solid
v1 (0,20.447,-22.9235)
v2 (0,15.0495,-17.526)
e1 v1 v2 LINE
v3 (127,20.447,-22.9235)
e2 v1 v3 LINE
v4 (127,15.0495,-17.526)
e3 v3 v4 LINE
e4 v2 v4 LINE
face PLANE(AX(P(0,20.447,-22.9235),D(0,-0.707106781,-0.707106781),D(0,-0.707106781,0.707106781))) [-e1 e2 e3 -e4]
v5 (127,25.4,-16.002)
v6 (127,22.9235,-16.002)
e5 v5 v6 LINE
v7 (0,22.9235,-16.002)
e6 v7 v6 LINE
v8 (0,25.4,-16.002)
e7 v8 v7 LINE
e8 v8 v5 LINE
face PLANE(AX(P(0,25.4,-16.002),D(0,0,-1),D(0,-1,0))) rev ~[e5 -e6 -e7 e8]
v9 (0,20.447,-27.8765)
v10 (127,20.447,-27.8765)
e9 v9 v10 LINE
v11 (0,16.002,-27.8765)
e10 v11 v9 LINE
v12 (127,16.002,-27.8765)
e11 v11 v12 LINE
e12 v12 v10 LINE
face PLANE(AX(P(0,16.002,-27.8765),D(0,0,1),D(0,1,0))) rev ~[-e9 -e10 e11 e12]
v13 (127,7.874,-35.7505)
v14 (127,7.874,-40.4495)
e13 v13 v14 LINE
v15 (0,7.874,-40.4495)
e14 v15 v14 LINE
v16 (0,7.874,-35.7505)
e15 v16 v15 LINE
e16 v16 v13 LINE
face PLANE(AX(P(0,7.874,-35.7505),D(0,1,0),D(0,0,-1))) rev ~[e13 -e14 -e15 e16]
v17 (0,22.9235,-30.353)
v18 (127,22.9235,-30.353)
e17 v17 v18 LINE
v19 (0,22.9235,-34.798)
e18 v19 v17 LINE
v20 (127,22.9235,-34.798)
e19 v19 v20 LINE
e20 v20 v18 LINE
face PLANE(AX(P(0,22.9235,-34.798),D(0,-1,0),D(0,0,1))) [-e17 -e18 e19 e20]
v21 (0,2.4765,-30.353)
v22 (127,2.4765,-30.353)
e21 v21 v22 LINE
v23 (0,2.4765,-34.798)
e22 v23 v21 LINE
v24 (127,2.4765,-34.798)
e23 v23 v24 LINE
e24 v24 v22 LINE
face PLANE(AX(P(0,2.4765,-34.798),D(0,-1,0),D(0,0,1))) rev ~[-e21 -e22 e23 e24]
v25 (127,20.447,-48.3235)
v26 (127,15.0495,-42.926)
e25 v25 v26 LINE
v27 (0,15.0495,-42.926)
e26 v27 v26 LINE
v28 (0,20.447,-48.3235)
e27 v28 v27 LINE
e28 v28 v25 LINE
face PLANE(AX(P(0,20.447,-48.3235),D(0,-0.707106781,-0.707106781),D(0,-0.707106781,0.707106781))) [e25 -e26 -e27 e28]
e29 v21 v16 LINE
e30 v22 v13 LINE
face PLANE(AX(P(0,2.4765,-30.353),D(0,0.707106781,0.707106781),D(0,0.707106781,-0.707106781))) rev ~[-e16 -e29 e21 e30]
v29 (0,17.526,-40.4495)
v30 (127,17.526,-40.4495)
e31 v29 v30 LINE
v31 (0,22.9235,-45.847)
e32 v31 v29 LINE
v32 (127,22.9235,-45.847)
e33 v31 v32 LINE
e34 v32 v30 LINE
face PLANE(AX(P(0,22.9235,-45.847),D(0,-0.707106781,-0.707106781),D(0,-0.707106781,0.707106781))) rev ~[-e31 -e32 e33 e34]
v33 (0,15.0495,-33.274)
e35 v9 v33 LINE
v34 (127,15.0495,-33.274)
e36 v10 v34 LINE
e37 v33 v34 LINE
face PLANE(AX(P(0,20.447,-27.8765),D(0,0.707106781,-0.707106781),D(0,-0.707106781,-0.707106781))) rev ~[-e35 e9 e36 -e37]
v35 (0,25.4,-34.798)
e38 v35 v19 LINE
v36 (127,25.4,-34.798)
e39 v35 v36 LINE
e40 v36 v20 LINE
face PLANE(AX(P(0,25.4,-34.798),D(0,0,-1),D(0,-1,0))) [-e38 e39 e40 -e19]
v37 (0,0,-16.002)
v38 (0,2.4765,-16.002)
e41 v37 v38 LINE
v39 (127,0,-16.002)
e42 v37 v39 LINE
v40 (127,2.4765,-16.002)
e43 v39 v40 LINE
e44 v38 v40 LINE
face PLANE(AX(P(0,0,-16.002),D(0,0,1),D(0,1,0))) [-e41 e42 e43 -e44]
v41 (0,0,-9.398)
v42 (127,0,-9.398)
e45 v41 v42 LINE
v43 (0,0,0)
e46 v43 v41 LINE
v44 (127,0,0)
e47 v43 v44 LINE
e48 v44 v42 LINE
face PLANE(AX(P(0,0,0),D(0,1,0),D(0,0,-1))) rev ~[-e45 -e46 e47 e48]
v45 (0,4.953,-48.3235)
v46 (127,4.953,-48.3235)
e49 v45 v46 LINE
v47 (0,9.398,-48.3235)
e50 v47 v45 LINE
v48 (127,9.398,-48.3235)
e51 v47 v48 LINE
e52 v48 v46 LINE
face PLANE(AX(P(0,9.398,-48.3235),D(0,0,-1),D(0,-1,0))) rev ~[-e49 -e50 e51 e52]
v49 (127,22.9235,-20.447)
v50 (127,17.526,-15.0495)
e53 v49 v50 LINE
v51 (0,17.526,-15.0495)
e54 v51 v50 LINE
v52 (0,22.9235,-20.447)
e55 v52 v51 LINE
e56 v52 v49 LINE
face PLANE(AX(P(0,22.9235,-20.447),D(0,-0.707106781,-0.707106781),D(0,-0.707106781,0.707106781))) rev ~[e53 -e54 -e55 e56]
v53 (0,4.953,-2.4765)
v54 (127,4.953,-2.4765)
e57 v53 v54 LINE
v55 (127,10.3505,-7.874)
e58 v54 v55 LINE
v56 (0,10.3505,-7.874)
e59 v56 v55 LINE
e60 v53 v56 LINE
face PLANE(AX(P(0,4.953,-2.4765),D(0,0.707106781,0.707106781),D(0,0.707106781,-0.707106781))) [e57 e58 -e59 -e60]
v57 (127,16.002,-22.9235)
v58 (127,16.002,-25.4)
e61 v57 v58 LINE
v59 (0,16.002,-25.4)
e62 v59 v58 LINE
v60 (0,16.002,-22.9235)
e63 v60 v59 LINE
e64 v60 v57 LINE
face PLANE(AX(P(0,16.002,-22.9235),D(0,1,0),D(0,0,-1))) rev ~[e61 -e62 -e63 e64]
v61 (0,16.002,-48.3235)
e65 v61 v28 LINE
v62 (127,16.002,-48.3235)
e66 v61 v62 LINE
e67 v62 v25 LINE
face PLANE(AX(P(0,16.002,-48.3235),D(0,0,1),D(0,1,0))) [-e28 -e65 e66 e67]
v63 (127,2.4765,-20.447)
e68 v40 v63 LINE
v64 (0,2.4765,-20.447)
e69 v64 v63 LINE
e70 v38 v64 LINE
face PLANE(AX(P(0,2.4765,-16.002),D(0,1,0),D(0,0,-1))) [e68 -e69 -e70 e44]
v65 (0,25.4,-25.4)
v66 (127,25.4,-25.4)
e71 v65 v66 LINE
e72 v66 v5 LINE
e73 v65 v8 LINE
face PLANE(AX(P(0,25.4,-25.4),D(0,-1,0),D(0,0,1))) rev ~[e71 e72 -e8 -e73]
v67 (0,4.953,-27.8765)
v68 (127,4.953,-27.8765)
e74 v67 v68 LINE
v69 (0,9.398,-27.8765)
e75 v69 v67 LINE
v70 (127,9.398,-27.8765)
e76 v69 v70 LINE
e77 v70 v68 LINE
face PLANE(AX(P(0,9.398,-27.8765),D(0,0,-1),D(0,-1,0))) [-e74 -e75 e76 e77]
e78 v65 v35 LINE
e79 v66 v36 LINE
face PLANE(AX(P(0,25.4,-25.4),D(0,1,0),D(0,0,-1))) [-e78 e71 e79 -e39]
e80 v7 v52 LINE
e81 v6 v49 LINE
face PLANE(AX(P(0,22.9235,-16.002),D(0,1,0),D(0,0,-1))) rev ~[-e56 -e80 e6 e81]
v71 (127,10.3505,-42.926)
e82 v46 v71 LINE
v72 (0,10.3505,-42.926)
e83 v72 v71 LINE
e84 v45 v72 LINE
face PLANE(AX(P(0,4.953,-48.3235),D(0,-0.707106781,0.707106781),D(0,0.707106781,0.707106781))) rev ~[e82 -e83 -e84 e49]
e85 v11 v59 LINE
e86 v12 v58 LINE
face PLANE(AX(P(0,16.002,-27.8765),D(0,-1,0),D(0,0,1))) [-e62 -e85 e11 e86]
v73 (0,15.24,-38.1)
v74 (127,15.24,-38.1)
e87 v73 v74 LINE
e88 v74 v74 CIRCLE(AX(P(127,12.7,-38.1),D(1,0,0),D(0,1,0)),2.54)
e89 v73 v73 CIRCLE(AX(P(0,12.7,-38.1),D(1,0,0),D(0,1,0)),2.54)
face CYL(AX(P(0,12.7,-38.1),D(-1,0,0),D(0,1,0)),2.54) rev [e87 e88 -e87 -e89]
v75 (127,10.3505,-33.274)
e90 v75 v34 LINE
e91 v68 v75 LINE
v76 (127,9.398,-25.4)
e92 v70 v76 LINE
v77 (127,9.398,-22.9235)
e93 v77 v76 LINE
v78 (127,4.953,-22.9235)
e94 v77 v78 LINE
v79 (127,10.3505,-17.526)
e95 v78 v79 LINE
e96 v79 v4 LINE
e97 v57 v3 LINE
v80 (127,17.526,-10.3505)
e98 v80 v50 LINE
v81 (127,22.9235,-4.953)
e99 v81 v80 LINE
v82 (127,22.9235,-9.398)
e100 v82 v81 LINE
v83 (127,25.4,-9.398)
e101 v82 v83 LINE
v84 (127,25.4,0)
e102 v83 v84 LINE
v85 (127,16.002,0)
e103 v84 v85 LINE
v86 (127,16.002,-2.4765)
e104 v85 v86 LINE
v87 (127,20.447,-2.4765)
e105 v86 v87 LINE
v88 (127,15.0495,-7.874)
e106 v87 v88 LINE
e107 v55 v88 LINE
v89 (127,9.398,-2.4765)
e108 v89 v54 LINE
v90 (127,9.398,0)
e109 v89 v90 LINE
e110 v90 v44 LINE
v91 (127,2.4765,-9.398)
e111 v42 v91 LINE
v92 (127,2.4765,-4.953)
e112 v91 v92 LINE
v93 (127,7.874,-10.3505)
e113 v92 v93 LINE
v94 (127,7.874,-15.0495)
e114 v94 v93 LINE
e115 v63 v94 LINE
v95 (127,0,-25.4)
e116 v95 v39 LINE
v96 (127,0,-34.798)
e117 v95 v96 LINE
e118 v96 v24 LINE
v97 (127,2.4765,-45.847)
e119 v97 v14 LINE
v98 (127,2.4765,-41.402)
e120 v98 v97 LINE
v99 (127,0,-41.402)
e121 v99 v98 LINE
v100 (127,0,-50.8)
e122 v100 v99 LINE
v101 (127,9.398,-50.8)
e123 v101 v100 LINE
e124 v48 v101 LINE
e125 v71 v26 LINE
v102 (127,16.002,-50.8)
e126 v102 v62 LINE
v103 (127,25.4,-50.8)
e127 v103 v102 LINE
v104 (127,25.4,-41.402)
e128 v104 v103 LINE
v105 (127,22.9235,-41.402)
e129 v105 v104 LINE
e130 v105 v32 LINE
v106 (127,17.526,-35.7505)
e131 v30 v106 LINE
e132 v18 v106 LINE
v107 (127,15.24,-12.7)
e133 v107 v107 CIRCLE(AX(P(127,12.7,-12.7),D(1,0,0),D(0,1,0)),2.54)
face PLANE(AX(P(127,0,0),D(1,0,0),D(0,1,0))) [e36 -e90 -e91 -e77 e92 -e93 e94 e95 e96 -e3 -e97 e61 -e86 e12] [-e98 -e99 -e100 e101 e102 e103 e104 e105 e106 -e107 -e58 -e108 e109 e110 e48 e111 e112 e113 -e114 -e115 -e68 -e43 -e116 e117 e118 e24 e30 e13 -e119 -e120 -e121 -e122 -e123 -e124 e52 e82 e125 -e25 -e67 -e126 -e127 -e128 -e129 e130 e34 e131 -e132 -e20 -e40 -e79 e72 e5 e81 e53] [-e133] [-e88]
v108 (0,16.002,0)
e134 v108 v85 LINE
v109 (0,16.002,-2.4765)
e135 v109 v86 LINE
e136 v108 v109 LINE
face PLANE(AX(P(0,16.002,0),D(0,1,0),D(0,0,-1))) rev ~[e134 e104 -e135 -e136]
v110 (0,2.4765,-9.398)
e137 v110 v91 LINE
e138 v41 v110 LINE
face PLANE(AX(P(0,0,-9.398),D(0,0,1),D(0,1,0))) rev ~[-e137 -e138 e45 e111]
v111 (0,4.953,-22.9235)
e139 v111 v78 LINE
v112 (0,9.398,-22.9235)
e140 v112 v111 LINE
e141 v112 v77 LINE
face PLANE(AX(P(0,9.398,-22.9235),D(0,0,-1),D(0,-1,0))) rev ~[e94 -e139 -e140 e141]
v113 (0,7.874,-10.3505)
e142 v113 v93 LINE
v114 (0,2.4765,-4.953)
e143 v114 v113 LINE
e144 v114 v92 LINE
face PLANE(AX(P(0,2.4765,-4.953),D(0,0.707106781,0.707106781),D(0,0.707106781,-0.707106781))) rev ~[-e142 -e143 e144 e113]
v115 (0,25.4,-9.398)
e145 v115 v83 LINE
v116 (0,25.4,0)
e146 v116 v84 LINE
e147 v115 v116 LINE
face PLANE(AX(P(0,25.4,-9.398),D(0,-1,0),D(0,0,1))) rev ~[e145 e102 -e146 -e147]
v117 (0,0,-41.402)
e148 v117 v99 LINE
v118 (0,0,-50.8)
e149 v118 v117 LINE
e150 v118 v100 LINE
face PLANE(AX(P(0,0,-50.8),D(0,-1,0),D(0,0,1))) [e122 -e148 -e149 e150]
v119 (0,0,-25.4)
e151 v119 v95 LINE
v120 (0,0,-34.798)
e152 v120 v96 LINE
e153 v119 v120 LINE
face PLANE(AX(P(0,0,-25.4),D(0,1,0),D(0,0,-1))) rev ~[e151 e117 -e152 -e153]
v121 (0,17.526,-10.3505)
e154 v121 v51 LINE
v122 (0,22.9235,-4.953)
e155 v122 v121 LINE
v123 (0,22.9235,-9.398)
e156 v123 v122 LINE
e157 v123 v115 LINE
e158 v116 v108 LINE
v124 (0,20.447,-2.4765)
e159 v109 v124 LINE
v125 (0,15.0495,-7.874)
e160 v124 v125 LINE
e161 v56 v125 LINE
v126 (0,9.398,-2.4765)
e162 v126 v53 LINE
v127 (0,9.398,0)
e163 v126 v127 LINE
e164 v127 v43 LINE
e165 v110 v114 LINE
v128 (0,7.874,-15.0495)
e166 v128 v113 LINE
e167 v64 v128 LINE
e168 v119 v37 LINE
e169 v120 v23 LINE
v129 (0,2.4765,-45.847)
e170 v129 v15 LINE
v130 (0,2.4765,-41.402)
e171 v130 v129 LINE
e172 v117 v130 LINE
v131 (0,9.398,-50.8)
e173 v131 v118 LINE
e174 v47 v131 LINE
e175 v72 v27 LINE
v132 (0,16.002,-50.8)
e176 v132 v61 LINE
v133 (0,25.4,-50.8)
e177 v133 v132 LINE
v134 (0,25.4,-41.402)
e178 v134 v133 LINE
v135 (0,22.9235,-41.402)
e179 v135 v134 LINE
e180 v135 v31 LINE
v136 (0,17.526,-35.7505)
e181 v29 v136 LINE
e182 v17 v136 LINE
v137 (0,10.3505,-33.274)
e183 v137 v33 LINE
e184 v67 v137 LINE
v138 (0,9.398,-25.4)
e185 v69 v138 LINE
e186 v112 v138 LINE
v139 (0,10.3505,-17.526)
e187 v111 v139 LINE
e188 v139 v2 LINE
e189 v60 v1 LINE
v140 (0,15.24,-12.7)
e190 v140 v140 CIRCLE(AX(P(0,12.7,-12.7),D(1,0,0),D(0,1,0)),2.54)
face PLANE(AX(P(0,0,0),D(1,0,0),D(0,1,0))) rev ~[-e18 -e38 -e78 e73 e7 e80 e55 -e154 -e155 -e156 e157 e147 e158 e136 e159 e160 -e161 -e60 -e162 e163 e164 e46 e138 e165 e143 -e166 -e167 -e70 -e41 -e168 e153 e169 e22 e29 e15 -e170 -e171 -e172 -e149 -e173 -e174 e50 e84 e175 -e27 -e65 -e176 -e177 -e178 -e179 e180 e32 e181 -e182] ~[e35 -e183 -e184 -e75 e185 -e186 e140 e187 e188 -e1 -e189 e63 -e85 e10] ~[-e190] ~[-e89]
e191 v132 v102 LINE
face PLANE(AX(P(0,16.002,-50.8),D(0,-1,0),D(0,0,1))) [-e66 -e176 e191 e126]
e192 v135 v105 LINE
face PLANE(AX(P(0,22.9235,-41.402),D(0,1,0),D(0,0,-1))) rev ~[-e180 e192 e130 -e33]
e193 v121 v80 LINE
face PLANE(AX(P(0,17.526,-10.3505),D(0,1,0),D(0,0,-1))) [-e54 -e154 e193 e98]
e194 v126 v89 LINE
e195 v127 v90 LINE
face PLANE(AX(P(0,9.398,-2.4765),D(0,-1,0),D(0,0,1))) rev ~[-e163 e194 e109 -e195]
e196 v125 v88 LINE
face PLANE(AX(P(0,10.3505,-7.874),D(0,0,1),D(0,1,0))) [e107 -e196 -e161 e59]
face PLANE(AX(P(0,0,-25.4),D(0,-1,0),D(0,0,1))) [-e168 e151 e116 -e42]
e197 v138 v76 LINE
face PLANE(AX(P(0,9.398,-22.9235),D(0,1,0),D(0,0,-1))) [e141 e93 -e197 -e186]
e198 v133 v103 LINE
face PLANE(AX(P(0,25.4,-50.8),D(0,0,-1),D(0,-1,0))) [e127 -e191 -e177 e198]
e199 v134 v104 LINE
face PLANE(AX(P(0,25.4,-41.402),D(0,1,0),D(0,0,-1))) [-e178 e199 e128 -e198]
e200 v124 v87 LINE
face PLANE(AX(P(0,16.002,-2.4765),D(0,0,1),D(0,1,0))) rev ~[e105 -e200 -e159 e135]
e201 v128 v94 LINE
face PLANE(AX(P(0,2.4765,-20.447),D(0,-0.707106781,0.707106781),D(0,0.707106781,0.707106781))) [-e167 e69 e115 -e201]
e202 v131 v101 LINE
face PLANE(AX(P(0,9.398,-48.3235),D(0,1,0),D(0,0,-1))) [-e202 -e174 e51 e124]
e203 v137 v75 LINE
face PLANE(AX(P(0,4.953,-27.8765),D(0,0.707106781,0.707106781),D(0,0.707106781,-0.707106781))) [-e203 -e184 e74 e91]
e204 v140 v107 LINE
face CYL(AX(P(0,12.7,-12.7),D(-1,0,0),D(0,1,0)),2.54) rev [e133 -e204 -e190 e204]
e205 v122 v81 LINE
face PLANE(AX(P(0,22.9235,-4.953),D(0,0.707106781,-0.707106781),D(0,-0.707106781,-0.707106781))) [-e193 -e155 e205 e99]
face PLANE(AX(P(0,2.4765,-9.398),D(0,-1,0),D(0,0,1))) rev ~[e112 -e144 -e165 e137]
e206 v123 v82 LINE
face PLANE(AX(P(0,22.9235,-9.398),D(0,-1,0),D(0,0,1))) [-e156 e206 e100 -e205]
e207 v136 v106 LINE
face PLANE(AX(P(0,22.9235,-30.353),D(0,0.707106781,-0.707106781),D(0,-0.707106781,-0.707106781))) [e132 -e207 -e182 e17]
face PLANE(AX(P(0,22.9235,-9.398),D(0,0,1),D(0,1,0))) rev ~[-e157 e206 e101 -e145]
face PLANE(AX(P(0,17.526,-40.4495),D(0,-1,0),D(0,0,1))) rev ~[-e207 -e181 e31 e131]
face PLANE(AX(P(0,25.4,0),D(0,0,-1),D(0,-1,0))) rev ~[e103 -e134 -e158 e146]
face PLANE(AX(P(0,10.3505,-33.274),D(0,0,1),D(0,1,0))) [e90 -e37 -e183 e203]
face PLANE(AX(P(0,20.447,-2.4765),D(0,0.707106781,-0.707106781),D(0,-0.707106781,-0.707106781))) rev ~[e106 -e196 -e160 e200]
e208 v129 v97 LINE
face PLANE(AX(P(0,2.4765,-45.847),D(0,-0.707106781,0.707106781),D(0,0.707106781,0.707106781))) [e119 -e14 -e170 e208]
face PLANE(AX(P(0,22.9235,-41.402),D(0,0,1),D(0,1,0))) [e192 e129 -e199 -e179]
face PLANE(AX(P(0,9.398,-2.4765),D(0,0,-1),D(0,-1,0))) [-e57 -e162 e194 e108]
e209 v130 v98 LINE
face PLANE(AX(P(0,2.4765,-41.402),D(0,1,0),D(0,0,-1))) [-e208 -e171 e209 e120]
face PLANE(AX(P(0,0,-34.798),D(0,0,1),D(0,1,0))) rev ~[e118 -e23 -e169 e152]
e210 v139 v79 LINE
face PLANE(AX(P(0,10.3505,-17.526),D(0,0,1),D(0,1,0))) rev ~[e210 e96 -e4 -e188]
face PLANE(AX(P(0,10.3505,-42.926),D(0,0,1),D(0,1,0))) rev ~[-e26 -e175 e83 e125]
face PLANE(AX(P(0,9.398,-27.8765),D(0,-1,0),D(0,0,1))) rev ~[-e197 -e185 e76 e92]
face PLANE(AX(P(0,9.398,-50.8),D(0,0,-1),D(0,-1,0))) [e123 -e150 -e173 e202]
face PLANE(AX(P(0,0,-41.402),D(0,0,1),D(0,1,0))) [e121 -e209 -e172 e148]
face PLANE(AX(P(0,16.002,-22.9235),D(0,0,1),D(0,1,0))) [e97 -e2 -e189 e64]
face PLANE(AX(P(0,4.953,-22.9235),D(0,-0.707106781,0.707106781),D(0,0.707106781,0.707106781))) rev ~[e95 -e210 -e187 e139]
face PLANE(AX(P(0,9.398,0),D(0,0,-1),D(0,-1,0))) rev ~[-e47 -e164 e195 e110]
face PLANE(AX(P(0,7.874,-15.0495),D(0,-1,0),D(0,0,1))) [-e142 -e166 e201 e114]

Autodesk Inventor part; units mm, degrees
ref_plane "YZ Plane" through (0, 0, 0) normal (1, 0, 0) x (0, 1, 0)
ref_plane "XZ Plane" through (0, 0, 0) normal (0, 1, 0) x (-1, 0, 0)
ref_plane "XY Plane" through (0, 0, 0) normal (0, 0, 1) x (1, 0, 0)
sketch "Sketch1" plane through (0, 0, 0) normal (1, 0, 0) x (0, 1, 0)
  line L0 (0, 0) -> (0, -9.398)
  line L1 (0, -9.398) -> (2.4765, -9.398)
  line L2 (9.398, -2.4765) -> (9.398, 0)
  line L3 (9.398, 0) -> (0, 0)
  line L4 (16.002, 0) -> (16.002, -2.4765)
  line L5 (22.9235, -9.398) -> (25.4, -9.398)
  line L6 (25.4, -9.398) -> (25.4, 0)
  line L7 (25.4, 0) -> (16.002, 0)
  line L8 (25.4, -16.002) -> (22.9235, -16.002)
  line L9 (16.002, -22.9235) -> (16.002, -25.4)
  line L10 (25.4, -25.4) -> (25.4, -16.002)
  line L11 (0, -16.002) -> (2.4765, -16.002)
  line L12 (9.398, -22.9235) -> (9.398, -25.4)
  line L13 (0, -25.4) -> (0, -16.002)
  line L14 (22.9235, -9.398) -> (22.9235, -4.953)
  line L15 (16.002, -2.4765) -> (20.447, -2.4765)
  line L16 (20.447, -2.4765) -> (15.0495, -7.874)
  line L17 (20.447, -2.4765) -> (28.0802, -2.4765) construction
  line L18 (22.9235, -4.953) -> (17.526, -10.3505)
  line L19 (22.9235, -16.002) -> (22.9235, -20.447)
  line L20 (22.9235, -20.447) -> (17.526, -15.0495)
  line L21 (16.002, -22.9235) -> (20.447, -22.9235)
  line L22 (20.447, -22.9235) -> (15.0495, -17.526)
  line L23 (2.4765, -16.002) -> (2.4765, -20.447)
  line L24 (2.4765, -20.447) -> (7.874, -15.0495)
  line L25 (9.398, -22.9235) -> (4.953, -22.9235)
  line L26 (4.953, -22.9235) -> (10.3505, -17.526)
  line L27 (9.398, -2.4765) -> (4.953, -2.4765)
  line L28 (4.953, -2.4765) -> (10.3505, -7.874)
  line L29 (2.4765, -9.398) -> (2.4765, -4.953)
  line L30 (2.4765, -4.953) -> (7.874, -10.3505)
  line L31 (10.3505, -7.874) -> (15.0495, -7.874)
  line L32 (17.526, -10.3505) -> (17.526, -15.0495)
  line L33 (10.3505, -17.526) -> (15.0495, -17.526)
  line L34 (7.874, -15.0495) -> (7.874, -10.3505)
  circle A0 centre (12.7, -12.7) radius 2.54
  line L35 (0, -50.8) -> (0, -41.402)
  line L36 (0, -41.402) -> (2.4765, -41.402)
  line L37 (9.398, -48.3235) -> (9.398, -50.8)
  line L38 (9.398, -50.8) -> (0, -50.8)
  line L39 (16.002, -50.8) -> (16.002, -48.3235)
  line L40 (22.9235, -41.402) -> (25.4, -41.402)
  line L41 (25.4, -41.402) -> (25.4, -50.8)
  line L42 (25.4, -50.8) -> (16.002, -50.8)
  line L43 (25.4, -34.798) -> (22.9235, -34.798)
  line L44 (16.002, -27.8765) -> (16.002, -25.4)
  line L45 (25.4, -25.4) -> (25.4, -34.798)
  line L46 (0, -34.798) -> (2.4765, -34.798)
  line L47 (9.398, -27.8765) -> (9.398, -25.4)
  line L48 (0, -25.4) -> (0, -34.798)
  line L49 (22.9235, -41.402) -> (22.9235, -45.847)
  line L50 (16.002, -48.3235) -> (20.447, -48.3235)
  line L51 (20.447, -48.3235) -> (15.0495, -42.926)
  line L52 (20.447, -48.3235) -> (28.0802, -48.3235) construction
  line L53 (22.9235, -45.847) -> (17.526, -40.4495)
  line L54 (22.9235, -34.798) -> (22.9235, -30.353)
  line L55 (22.9235, -30.353) -> (17.526, -35.7505)
  line L56 (16.002, -27.8765) -> (20.447, -27.8765)
  line L57 (20.447, -27.8765) -> (15.0495, -33.274)
  line L58 (2.4765, -34.798) -> (2.4765, -30.353)
  line L59 (2.4765, -30.353) -> (7.874, -35.7505)
  line L60 (9.398, -27.8765) -> (4.953, -27.8765)
  line L61 (4.953, -27.8765) -> (10.3505, -33.274)
  line L62 (9.398, -48.3235) -> (4.953, -48.3235)
  line L63 (4.953, -48.3235) -> (10.3505, -42.926)
  line L64 (2.4765, -41.402) -> (2.4765, -45.847)
  line L65 (2.4765, -45.847) -> (7.874, -40.4495)
  line L66 (10.3505, -42.926) -> (15.0495, -42.926)
  line L67 (17.526, -40.4495) -> (17.526, -35.7505)
  line L68 (10.3505, -33.274) -> (15.0495, -33.274)
  line L69 (7.874, -35.7505) -> (7.874, -40.4495)
  circle A1 centre (12.7, -38.1) radius 2.54
  dimension "d2" = 9.398
  dimension "d3" = 2.4765
  dimension "d7" = 2.4765
  dimension "d10" = 2.4765
  dimension "d11" = 25.4
  dimension "d13" = 2.4765
  dimension "d16" = 2.4765
  dimension "d17" = 9.398
  dimension "d23" = 2.4765
  dimension "d25" = 25.4
  dimension "d32" = 4.445
  dimension "d33" = 4.445
  dimension "d35" = 135
  dimension "d36" = 4.445
  dimension "d37" = 4.445
  dimension "d38" = 2.4765
  dimension "d40" = 4.445
  dimension "d41" = 4.445
  dimension "d42" = 4.445
  dimension "d43" = 4.445
  dimension "d44" = 5.08
extrude "Extrusion1" add sketch "Sketch1" along normal blind 127
properties part number "LatX24in1"
